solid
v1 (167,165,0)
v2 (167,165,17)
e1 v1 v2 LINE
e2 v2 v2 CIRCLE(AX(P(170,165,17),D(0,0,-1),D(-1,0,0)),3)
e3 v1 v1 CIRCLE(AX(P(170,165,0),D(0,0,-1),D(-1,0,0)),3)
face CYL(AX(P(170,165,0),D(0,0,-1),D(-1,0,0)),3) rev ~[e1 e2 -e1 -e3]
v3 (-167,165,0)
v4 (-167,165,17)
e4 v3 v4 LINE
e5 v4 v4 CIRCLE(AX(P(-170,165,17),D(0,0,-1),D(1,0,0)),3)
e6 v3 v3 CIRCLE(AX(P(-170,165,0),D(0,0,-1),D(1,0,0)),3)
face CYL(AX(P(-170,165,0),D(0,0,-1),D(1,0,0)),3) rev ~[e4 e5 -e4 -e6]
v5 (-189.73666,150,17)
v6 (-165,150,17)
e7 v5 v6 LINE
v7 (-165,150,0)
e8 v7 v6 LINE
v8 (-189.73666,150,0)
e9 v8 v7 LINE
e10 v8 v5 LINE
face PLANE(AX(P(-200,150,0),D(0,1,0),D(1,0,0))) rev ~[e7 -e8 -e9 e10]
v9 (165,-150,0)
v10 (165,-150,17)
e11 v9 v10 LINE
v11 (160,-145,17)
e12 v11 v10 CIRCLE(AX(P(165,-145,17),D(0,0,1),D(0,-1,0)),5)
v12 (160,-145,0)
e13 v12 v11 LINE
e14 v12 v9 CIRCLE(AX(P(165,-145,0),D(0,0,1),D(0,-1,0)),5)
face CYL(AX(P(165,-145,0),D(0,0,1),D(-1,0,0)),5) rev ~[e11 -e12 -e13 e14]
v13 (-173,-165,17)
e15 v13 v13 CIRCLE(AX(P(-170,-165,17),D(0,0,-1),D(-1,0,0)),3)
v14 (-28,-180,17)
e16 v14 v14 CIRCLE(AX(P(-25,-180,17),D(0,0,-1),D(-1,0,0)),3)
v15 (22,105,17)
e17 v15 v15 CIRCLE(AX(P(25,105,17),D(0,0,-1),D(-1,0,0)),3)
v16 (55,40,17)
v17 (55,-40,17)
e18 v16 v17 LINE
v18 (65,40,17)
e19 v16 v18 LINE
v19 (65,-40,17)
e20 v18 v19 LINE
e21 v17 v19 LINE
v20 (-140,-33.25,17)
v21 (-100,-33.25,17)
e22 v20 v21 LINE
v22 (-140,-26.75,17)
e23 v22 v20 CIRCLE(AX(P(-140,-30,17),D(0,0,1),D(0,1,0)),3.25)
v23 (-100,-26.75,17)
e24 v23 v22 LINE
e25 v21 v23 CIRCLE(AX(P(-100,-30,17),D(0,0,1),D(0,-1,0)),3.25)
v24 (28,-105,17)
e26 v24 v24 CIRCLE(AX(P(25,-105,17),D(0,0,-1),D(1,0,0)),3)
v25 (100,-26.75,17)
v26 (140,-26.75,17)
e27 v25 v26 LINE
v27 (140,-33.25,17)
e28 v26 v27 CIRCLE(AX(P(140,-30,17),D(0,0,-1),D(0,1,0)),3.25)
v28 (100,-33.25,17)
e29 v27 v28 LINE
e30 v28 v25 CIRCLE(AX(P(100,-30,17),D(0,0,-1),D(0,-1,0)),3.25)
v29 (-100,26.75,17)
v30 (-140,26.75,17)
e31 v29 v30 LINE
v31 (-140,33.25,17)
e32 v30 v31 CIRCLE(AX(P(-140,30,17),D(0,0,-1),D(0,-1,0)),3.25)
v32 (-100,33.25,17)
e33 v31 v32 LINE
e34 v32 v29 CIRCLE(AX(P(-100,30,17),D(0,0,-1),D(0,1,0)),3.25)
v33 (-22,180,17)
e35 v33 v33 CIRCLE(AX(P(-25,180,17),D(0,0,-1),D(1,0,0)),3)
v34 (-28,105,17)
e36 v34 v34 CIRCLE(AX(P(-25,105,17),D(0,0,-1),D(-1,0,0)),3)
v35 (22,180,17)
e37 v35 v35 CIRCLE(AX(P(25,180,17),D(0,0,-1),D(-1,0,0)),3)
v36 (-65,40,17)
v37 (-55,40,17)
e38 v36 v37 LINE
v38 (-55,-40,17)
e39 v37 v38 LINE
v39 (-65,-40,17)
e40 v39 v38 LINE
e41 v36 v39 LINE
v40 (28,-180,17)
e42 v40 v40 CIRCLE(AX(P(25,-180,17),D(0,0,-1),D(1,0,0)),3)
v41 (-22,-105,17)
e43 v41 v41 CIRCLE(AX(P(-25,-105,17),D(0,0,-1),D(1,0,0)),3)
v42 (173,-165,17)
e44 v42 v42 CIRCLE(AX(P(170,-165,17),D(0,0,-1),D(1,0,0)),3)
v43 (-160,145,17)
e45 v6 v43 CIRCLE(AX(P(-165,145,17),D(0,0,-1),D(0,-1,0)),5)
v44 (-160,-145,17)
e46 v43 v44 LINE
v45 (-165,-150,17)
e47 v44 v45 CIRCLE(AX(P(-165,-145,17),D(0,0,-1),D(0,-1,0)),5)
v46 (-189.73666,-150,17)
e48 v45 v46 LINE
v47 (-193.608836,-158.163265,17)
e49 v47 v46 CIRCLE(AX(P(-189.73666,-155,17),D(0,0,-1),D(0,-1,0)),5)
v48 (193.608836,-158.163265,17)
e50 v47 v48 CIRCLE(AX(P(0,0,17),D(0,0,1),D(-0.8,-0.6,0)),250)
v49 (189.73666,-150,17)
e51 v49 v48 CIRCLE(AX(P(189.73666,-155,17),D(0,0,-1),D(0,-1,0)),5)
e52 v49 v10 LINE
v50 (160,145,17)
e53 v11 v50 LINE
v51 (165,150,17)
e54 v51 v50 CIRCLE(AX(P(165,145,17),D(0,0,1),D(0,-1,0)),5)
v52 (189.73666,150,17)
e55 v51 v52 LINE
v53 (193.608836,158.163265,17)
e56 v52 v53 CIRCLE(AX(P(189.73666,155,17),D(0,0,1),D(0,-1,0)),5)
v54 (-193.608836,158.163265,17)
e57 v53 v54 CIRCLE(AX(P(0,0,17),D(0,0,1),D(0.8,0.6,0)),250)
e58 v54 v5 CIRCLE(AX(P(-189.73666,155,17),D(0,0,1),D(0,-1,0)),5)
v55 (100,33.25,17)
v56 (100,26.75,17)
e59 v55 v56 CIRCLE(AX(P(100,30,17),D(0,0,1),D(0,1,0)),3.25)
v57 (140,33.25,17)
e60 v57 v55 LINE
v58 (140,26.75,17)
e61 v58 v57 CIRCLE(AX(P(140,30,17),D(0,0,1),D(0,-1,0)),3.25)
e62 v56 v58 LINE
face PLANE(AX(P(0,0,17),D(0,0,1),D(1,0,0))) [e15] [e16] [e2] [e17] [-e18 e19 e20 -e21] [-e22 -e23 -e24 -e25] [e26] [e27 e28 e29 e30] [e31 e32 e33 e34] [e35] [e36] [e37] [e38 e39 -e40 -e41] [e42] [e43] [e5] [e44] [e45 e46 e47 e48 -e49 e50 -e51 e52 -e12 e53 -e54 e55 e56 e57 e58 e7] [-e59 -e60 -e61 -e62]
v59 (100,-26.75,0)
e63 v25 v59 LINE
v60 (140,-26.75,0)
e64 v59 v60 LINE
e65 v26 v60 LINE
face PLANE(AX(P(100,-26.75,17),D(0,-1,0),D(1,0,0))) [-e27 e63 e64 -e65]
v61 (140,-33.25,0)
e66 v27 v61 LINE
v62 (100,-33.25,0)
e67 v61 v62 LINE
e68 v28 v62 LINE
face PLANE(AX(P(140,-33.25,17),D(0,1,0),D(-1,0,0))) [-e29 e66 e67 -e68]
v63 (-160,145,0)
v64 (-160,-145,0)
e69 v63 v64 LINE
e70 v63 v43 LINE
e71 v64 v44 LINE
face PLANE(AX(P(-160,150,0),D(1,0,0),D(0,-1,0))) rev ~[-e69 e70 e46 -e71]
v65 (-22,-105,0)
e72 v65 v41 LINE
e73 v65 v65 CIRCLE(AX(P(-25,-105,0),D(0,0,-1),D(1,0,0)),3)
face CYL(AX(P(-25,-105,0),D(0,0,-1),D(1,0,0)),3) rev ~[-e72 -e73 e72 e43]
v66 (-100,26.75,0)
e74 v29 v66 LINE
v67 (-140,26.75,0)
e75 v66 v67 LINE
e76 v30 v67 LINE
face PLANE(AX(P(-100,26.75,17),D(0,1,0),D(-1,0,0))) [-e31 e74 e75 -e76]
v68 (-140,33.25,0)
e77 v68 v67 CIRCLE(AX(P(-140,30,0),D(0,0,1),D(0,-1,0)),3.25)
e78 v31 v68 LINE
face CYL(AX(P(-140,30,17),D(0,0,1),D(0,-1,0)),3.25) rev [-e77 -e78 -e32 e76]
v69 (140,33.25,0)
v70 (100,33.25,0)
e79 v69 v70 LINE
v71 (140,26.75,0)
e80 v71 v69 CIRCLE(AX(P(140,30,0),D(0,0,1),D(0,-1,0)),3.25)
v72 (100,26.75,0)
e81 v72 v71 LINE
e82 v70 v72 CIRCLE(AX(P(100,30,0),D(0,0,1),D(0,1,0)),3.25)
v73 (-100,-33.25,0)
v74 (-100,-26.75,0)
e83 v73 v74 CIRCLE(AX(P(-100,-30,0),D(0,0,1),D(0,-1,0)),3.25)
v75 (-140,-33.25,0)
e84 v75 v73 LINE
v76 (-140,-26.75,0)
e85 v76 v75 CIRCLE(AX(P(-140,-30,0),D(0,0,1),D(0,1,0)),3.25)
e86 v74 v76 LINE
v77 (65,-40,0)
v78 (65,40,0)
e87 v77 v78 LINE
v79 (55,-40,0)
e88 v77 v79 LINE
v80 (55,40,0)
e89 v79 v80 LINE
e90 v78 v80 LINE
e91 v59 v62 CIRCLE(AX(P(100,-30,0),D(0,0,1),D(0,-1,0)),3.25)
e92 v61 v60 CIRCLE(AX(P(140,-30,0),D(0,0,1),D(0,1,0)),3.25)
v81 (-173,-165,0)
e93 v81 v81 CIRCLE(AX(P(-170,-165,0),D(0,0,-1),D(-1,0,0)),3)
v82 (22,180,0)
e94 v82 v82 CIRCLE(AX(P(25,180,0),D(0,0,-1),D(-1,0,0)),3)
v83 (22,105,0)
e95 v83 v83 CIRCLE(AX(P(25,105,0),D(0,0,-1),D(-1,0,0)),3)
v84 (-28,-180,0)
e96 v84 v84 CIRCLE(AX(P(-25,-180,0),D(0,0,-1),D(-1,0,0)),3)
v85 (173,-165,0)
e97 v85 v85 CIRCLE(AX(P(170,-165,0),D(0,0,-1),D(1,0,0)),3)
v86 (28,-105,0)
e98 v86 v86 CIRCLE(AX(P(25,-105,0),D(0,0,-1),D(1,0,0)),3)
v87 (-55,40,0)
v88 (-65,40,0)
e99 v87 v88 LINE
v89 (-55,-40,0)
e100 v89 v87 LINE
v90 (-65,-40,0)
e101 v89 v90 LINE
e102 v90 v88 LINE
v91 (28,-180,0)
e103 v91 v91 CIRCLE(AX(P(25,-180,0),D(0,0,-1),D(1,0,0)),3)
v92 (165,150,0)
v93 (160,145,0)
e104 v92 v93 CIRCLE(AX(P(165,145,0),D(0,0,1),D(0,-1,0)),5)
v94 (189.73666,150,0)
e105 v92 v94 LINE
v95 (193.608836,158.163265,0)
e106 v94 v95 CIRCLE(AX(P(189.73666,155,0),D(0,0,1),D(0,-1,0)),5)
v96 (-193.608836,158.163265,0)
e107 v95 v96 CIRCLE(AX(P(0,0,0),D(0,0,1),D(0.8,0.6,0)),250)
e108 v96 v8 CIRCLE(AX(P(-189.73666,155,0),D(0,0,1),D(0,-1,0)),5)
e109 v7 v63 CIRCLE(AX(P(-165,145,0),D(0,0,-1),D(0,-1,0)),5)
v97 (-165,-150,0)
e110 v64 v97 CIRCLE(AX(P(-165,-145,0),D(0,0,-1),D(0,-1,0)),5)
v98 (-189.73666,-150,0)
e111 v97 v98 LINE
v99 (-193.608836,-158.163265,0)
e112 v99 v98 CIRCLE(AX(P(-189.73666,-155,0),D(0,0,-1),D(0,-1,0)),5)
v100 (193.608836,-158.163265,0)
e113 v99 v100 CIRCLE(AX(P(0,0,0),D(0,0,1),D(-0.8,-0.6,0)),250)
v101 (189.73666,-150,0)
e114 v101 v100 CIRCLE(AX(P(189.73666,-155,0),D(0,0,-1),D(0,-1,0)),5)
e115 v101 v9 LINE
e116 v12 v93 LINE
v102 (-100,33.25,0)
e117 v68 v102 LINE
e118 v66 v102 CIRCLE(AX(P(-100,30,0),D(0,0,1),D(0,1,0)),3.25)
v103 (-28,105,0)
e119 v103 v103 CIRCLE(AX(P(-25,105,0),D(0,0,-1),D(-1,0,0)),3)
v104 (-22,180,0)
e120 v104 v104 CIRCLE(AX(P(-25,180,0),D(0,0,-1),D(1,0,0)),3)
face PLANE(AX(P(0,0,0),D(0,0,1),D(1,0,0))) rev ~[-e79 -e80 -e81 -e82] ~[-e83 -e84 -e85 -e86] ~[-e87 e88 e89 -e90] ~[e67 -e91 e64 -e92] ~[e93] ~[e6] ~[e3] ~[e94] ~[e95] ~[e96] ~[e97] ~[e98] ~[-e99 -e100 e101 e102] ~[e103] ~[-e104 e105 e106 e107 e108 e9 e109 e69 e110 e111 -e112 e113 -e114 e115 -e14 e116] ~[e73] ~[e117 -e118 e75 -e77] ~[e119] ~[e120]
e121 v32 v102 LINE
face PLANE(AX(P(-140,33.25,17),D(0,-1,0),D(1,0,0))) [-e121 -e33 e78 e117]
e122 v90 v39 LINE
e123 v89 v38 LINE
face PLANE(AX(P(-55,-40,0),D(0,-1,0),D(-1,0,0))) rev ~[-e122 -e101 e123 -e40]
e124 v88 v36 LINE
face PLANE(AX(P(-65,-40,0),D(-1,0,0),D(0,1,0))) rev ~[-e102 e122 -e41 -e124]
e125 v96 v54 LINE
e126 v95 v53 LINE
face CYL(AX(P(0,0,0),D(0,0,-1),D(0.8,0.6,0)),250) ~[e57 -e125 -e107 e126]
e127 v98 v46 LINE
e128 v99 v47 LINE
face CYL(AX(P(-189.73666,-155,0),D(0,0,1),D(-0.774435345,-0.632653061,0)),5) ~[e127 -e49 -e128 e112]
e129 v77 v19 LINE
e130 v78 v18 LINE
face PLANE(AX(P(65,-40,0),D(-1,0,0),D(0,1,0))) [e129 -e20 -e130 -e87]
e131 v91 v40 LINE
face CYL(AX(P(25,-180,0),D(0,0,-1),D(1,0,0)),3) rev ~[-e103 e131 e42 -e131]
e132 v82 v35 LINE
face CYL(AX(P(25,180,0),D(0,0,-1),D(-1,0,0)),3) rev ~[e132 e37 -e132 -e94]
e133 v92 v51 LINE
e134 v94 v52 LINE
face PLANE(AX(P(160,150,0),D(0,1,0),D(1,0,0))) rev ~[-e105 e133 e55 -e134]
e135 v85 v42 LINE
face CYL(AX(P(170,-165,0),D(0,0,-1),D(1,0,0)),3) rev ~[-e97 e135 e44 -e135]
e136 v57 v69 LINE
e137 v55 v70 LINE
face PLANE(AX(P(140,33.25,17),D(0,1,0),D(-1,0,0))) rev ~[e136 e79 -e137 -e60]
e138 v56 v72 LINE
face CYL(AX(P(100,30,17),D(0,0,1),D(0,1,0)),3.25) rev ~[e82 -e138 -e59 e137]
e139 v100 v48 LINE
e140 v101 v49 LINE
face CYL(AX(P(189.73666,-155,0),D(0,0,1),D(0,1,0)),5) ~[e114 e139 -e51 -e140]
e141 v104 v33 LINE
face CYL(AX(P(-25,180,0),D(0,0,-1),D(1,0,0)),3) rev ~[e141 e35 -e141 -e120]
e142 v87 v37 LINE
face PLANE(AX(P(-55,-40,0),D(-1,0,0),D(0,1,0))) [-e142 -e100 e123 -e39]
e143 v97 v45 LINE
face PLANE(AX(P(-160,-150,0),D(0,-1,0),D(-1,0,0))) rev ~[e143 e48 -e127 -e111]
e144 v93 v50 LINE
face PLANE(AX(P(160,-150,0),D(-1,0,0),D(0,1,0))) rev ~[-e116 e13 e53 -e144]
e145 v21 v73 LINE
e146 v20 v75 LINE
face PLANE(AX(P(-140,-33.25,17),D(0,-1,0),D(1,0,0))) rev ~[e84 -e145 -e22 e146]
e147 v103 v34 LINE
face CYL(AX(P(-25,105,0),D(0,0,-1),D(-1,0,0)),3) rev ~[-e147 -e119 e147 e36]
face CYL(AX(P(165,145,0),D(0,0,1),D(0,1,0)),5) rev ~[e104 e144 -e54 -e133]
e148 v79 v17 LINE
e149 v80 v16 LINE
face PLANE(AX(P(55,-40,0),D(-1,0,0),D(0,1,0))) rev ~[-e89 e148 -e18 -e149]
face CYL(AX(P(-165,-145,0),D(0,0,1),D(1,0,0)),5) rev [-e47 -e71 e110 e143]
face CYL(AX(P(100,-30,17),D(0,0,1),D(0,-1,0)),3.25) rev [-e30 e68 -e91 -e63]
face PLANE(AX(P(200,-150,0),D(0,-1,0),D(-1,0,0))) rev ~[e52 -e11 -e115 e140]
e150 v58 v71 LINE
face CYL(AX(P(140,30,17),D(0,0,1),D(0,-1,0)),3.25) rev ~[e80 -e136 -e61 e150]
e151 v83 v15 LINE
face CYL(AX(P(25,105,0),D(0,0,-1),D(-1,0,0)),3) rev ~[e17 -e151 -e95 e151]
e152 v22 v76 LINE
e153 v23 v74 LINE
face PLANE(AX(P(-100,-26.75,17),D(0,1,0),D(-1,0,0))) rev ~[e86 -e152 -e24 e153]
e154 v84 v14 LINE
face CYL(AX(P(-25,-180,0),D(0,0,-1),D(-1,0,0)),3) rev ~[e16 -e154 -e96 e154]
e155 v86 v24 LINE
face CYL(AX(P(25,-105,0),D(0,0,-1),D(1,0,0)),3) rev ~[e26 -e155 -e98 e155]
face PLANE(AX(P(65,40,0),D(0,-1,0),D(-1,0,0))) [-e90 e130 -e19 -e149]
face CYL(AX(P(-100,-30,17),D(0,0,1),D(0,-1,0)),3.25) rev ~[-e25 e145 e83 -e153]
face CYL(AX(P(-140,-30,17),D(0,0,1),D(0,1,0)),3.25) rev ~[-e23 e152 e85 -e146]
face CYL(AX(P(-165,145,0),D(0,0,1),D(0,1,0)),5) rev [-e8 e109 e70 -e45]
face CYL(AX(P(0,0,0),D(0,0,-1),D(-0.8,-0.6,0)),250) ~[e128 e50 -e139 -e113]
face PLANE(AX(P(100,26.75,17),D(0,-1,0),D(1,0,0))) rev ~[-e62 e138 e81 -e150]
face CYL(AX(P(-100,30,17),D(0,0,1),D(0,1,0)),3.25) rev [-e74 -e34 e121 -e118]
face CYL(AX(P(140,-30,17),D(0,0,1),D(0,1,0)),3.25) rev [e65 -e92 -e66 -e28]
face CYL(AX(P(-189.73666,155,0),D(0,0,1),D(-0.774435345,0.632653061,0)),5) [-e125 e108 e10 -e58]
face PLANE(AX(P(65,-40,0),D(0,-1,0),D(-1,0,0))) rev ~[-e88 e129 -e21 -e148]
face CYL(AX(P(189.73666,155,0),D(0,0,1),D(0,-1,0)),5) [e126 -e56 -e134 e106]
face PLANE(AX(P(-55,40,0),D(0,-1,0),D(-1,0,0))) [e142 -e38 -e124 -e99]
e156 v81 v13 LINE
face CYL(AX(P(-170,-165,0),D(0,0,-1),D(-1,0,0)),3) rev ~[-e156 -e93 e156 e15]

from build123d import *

# Parameters (mm, degrees)
ESTRUSIONE_ESTRUSIONE1_DEPTH = 17
TAGLIO_ESTRUSIONE1_DEPTH     = 321.60723635
RACCORDO1_R                  = 5
SCHIZZO3_R                   = 3
TAGLIO_ESTRUSIONE2_DEPTH     = 318.350542139
SCHIZZO4_W                   = 10
SCHIZZO4_H                   = 80
TAGLIO_ESTRUSIONE4_DEPTH     = 318.350542139
SCHIZZO5_R                   = 3
TAGLIO_ESTRUSIONE5_DEPTH     = 318.350542139


with BuildPart() as part:
    # Schizzo1 → Estrusione-Estrusione1 (new body)
    with BuildSketch(Plane.XY):
        with BuildLine():
            Line((160, 150), (200, 150))
            ThreePointArc((200, 150), (0, 250), (-200, 150))
            Line((-200, 150), (-160, 150))
            Line((-160, 150), (-160, -150))
            Line((-160, -150), (-200, -150))
            ThreePointArc((-200, -150), (0, -250), (200, -150))
            Line((200, -150), (160, -150))
            Line((160, -150), (160, 150))
        make_face()
    extrude(amount=ESTRUSIONE_ESTRUSIONE1_DEPTH)

    # Schizzo2 → Taglio-Estrusione1 (cut, through all)
    with BuildSketch(Plane.XY.offset(17)):
        with BuildLine():
            Line((-140, 33.25), (-100, 33.25))
            ThreePointArc((-100, 33.25), (-96.75, 30), (-100, 26.75))
            Line((-100, 26.75), (-140, 26.75))
            ThreePointArc((-140, 26.75), (-143.25, 30), (-140, 33.25))
        make_face()
        with BuildLine():
            Line((-140, -33.25), (-100, -33.25))
            ThreePointArc((-100, -33.25), (-96.75, -30), (-100, -26.75))
            Line((-100, -26.75), (-140, -26.75))
            ThreePointArc((-140, -26.75), (-143.25, -30), (-140, -33.25))
        make_face()
        with BuildLine():
            Line((140, -33.25), (100, -33.25))
            ThreePointArc((100, -33.25), (96.75, -30), (100, -26.75))
            Line((100, -26.75), (140, -26.75))
            ThreePointArc((140, -26.75), (143.25, -30), (140, -33.25))
        make_face()
        with BuildLine():
            Line((140, 33.25), (100, 33.25))
            ThreePointArc((100, 33.25), (96.75, 30), (100, 26.75))
            Line((100, 26.75), (140, 26.75))
            ThreePointArc((140, 26.75), (143.25, 30), (140, 33.25))
        make_face()
    extrude(amount=-TAGLIO_ESTRUSIONE1_DEPTH, mode=Mode.SUBTRACT)

    # Raccordo1
    raccordo1_edges = [part.edges().sort_by_distance(p)[0] for p in [
        (160, 150, 8.5),
        (160, -150, 8.5),
        (200, -150, 8.5),
        (-200, -150, 8.5),
        (-160, -150, 8.5),
        (-160, 150, 8.5),
        (-200, 150, 8.5),
        (200, 150, 8.5),
    ]]
    fillet(raccordo1_edges, radius=RACCORDO1_R)

    # Schizzo3 → Taglio-Estrusione2 (cut, through all)
    with BuildSketch(Plane(origin=(0, 0, 0), x_dir=(-1, 0, 0), z_dir=(0, 0, -1))):
        with Locations((-25, 180)):
            Circle(SCHIZZO3_R)
        with Locations(Location((25, 180, 0), (0, 0, 180))):
            Circle(SCHIZZO3_R)
        with Locations((-25, 105)):
            Circle(SCHIZZO3_R)
        with Locations((25, 105)):
            Circle(SCHIZZO3_R)
        with Locations(Location((-25, -105, 0), (0, 0, 180))):
            Circle(SCHIZZO3_R)
        with Locations(Location((25, -105, 0), (0, 0, 180))):
            Circle(SCHIZZO3_R)
        with Locations((25, -180)):
            Circle(SCHIZZO3_R)
        with Locations(Location((-25, -180, 0), (0, 0, 180))):
            Circle(SCHIZZO3_R)
    extrude(amount=-TAGLIO_ESTRUSIONE2_DEPTH, mode=Mode.SUBTRACT)

    # Schizzo4 → Taglio-Estrusione4 (cut, through all)
    with BuildSketch(Plane(origin=(0, 0, 0), x_dir=(-1, 0, 0), z_dir=(0, 0, -1))):
        with Locations((-60, 0)):
            Rectangle(SCHIZZO4_W, SCHIZZO4_H)
        with Locations((60, 0)):
            Rectangle(SCHIZZO4_W, SCHIZZO4_H)
    extrude(amount=-TAGLIO_ESTRUSIONE4_DEPTH, mode=Mode.SUBTRACT)

    # Schizzo5 → Taglio-Estrusione5 (cut, through all)
    with BuildSketch(Plane(origin=(0, 0, 0), x_dir=(-1, 0, 0), z_dir=(0, 0, -1))):
        with Locations((-170, 165)):
            Circle(SCHIZZO5_R)
        with Locations(Location((170, 165, 0), (0, 0, 180))):
            Circle(SCHIZZO5_R)
        with Locations((170, -165)):
            Circle(SCHIZZO5_R)
        with Locations(Location((-170, -165, 0), (0, 0, 180))):
            Circle(SCHIZZO5_R)
    extrude(amount=-TAGLIO_ESTRUSIONE5_DEPTH, mode=Mode.SUBTRACT)


solid = part.part
